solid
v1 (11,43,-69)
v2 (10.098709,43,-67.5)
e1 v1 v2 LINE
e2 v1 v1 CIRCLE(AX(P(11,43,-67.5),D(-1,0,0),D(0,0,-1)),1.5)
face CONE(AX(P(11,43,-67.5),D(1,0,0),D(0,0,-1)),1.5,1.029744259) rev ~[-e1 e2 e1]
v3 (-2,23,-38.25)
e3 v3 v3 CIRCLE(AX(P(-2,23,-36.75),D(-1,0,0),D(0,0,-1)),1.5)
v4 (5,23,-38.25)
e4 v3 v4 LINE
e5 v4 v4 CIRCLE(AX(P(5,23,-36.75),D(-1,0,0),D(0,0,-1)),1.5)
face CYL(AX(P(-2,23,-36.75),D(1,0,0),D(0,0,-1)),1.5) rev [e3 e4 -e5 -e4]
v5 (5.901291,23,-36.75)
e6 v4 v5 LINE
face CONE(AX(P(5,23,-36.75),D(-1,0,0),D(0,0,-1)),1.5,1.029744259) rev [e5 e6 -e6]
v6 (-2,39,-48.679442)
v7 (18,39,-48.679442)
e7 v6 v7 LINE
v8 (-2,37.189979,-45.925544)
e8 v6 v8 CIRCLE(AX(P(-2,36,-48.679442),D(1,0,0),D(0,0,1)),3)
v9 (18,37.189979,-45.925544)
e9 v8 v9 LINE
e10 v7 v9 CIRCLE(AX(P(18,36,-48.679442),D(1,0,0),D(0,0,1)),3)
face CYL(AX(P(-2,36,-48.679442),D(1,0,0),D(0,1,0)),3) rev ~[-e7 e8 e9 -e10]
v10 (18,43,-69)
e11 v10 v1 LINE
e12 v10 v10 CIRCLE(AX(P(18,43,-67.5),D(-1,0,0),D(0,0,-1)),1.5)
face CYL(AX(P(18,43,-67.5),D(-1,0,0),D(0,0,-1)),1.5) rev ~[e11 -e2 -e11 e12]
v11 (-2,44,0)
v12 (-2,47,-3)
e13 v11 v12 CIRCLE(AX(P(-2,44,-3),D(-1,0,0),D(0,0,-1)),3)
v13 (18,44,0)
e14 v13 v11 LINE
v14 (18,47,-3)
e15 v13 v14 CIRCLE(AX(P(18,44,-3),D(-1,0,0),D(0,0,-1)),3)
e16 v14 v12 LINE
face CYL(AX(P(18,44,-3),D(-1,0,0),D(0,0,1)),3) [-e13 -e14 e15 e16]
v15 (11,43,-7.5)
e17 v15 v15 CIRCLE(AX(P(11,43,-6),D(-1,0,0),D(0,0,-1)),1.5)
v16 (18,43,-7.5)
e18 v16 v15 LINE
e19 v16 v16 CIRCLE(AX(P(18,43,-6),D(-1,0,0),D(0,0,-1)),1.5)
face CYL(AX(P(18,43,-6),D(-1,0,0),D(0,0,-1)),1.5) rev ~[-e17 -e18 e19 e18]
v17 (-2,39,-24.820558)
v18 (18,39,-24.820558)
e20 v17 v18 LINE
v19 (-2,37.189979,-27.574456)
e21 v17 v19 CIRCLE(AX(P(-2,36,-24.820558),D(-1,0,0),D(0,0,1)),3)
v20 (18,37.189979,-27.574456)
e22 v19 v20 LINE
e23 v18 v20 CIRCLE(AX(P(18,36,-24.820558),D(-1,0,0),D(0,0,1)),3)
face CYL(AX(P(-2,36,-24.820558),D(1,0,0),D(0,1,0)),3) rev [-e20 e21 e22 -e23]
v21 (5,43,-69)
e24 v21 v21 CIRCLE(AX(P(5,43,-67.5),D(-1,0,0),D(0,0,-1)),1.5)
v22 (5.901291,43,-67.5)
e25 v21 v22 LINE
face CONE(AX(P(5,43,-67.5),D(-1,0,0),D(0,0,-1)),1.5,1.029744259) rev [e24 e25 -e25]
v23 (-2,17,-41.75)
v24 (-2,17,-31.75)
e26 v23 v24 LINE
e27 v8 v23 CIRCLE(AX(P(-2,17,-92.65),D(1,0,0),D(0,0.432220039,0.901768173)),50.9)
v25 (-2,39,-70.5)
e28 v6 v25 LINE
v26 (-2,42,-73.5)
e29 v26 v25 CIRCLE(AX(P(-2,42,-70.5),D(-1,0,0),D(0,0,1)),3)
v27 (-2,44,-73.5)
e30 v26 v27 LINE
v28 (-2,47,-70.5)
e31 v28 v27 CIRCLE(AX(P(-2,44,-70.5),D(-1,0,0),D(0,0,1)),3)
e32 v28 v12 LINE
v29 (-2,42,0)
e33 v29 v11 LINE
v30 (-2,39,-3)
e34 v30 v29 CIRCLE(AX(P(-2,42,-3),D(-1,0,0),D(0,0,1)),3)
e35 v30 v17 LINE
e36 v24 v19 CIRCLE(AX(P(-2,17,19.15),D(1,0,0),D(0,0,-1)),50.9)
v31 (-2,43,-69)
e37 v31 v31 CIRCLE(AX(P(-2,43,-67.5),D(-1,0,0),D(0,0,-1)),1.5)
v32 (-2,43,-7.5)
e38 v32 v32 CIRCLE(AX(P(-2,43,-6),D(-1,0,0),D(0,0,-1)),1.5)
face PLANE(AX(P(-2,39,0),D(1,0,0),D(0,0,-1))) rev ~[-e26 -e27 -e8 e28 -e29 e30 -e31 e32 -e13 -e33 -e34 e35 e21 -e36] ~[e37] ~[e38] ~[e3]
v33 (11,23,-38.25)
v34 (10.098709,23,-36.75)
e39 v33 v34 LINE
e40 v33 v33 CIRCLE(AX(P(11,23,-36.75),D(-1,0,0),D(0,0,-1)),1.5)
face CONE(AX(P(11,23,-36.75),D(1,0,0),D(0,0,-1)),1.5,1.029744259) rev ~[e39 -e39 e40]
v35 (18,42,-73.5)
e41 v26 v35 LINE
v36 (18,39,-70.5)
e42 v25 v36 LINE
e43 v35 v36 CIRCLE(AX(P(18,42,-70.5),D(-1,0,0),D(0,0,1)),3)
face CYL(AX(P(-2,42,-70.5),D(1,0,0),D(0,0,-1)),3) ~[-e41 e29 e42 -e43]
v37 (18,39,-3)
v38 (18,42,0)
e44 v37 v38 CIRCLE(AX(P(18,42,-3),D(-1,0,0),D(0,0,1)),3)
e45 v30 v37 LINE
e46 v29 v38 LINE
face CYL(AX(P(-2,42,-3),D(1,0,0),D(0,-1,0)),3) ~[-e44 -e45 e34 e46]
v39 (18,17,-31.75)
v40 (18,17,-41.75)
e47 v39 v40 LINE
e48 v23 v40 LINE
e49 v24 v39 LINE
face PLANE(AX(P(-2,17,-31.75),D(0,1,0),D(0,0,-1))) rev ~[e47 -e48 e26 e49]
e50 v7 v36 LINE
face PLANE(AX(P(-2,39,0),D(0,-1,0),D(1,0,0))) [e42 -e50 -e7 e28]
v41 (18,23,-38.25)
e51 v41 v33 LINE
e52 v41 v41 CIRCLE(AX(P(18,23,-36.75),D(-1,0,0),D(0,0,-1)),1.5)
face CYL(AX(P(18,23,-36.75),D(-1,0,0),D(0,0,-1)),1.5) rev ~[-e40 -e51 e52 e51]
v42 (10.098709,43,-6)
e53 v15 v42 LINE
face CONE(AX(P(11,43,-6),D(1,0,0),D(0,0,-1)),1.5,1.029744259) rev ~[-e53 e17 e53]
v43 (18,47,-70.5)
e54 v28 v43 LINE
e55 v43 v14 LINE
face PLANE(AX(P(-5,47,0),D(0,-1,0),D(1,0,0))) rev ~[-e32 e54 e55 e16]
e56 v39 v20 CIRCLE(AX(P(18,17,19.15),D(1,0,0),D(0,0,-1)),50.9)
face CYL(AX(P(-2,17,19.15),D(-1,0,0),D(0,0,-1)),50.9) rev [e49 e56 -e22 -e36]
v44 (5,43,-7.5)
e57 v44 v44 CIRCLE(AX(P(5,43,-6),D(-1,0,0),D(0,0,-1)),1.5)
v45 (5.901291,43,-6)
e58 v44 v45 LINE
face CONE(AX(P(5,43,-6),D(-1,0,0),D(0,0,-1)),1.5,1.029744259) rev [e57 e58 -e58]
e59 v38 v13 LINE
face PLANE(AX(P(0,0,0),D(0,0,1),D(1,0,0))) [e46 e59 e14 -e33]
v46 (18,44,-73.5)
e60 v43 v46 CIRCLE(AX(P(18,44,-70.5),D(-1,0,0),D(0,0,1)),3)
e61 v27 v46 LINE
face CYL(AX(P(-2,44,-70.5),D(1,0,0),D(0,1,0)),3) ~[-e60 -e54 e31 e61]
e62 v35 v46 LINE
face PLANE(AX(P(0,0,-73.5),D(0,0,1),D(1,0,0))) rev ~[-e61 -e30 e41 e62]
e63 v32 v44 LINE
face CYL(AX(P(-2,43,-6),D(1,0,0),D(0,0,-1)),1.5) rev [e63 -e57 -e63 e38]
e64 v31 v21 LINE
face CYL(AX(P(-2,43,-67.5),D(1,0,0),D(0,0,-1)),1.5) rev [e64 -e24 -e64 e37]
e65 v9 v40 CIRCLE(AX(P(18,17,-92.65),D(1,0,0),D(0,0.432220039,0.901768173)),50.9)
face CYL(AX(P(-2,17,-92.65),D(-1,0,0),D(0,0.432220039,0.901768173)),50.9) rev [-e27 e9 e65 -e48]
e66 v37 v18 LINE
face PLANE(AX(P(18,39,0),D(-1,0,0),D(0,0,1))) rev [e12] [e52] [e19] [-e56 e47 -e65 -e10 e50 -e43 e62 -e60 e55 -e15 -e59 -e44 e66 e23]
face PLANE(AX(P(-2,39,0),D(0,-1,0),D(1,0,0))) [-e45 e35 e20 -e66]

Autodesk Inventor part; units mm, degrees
ref_plane "YZ Plane" through (0, 0, 0) normal (1, 0, 0) x (0, 1, 0)
sketch "Sketch1" plane through (0, 0, 0) normal (0, 0, 1) x (1, 0, 0)
  line L0 (0, 0) -> (16, 0) construction
  line L1 (16, 0) -> (16, 8) construction
  line L2 (0, 8) -> (0, 0) construction
  line L3 (5.5, 10.5) -> (0, 10.5) construction
  line L4 (0, 10.5) -> (0, 8) construction
  line L5 (13.5, 10.5) -> (16, 10.5) construction
  line L6 (16, 10.5) -> (16, 8) construction
  line L7 (6.5, 37) -> (12.5, 37) construction
  line L8 (12.5, 37) -> (12.5, 8) construction
  line L9 (12.5, 8) -> (6.5, 8) construction
  line L10 (6.5, 8) -> (6.5, 37) construction
  line L11 (0.5, 34.5) -> (15.5, 34.5) construction
  line L12 (15.5, 34.5) -> (15.5, 10.5) construction
  line L13 (15.5, 10.5) -> (0.5, 10.5) construction
  line L14 (0.5, 10.5) -> (0.5, 34.5) construction
  line L15 (-2, 0) -> (-2, 39)
  line L16 (-2, 39) -> (18, 39)
  line L17 (8, -29.8106) -> (8, -55.1885) construction
  line L18 (-5, 47) -> (-5, 0)
  line L19 (-2, 0) -> (-5, 0)
  line L20 (-5, 47) -> (10, 47)
  line L21 (21, 47) -> (21, 0)
  line L22 (18, 0) -> (21, 0)
  line L23 (21, 47) -> (10, 47)
  line L24 (18, 0) -> (18, 39)
  line L25 (16.05, 25.6) -> (16.05, 19.4) construction
  line L26 (-0.05, 19.4) -> (-0.05, 25.6) construction
  line L27 (-0.05, 25.6) -> (0.5, 25.6) construction
  line L28 (16.05, 25.6) -> (15.5, 25.6) construction
  line L29 (16.05, 19.4) -> (15.5, 19.4) construction
  line L30 (-0.05, 19.4) -> (0.5, 19.4) construction
  line L31 (16.05, 22.5) -> (-0.05, 22.5) construction
  line L32 (0, 8) -> (16, 8) construction
  line L33 (5.5, 10.5) -> (5.5, 8) construction
  line L34 (13.5, 10.5) -> (13.5, 8) construction
  line L35 (5.5, 8) -> (13.5, 8) construction
  point P0 (6.5, 22.5)
  point P1 (0.5, 22.5)
  point P2 (9.5, 8)
  point P3 (8, 0)
  point P4 (8, 39)
  point P5 (8, -42.4996)
  point P6 (9.5, 8)
  point P7 (8, 22.5)
  dimension "d1" = 16
  dimension "d7" = 6
  dimension "d9" = 6
  dimension "d10" = 3
  dimension "d11" = 29
  dimension "d12" = 24
  dimension "d20" = 2
  dimension "thickness" = 3
  dimension "d23" = 8
  dimension "d31" = 22.5
  dimension "d40" = 24.5
  dimension "d41" = 39
  dimension "d60" = 6.2
  dimension "d62" = 16.1
  dimension "d63" = 8
  dimension "d64" = 8
  dimension "d65" = 1
  dimension "d66" = 2.5
  dimension "d97" = 2
extrude "LENGTH" add sketch "Sketch1" against normal blind 73.5
sketch "Sketch2" plane through (-5, 0, 0) normal (-1, 0, 0) x (0, 0, 1)
  circle A0 centre (-12, 22.5) radius 3
  circle A1 centre (-61.5, 22.5) radius 3
  line L0 (-73.5, 0) -> (-73.5, 47) construction
  line L1 (0, 47) -> (0, 0) construction
  dimension "d26" = 6
  dimension "d28" = 6
  dimension "d29" = 12
  dimension "d30" = 12
  dimension "d32" = 22.5
extrude "Extrusion2" cut sketch "Sketch2" against normal through all
ref_plane "Work Plane1" through (-5, 47, 0) normal (0.7071, 0.7071, 0) x (0, 0, -1)
ref_plane "CentrePlane" through (8, 0, 0) normal (1, 0, 0) x (0, 0, -1)
sketch "Measurements" plane through (-5, 0, 0) normal (-1, 0, 0) x (0, 0, 1)
  line L0 (-18.9044, 8) -> (-18.9044, 0) construction
  line L1 (0, 0) -> (0, 8) construction
  spline S0 degree 3 poles (-18.9044, 0) (-18.8729, 0.004) (-18.7747, 0.0145) (-18.6089, 0.0198) (-18.4076, 0.0173) (-18.2077, -0.0064) (-18.0095, -0.0413) (-17.7511, -0.1137) (-17.4304, -0.2111) (-17.1073, -0.2999) (-16.8501, -0.3765) (-16.6638, -0.4528) (-16.4821, -0.5394) (-16.3106, -0.6447) (-16.1439, -0.7575) (-15.9893, -0.8866) (-15.8435, -1.0251) (-15.7068, -1.1728) (-15.5834, -1.3319) (-15.4695, -1.4977) (-15.3662, -1.6705) (-15.2464, -1.9105) (-15.1208, -2.2219) (-15.0142, -2.6104) (-14.9462, -3.0072) (-14.9104, -3.408) (-14.9034, -3.8104) (-14.9258, -4.2123) (-14.9692, -4.6123) (-15.0344, -5.0094) (-15.0913, -5.2714) (-15.1198, -5.4024) knots -0.847201 -0.847201 -0.847201 -0.847201 -0.83705 -0.815587 -0.794126 -0.772659 -0.751201 -0.729734 -0.686802 -0.64387 -0.622403 -0.600945 -0.579478 -0.558017 -0.536554 -0.515088 -0.49363 -0.472163 -0.450698 -0.429238 -0.407769 -0.386302 -0.343394 -0.300476 -0.257562 -0.214646 -0.17172 -0.12879 -0.085861 -0.04293 0 0 0 0 construction
  spline S1 degree 3 poles (-4.5152, -5.4024) (-4.5336, -5.2605) (-4.5704, -4.9766) (-4.6037, -4.5484) (-4.6135, -4.119) (-4.6009, -3.6896) (-4.557, -3.2623) (-4.4825, -2.8392) (-4.3742, -2.4233) (-4.2256, -2.0199) (-4.0637, -1.7) (-3.9145, -1.4557) (-3.7891, -1.2813) (-3.6528, -1.1153) (-3.5072, -0.9573) (-3.3484, -0.8126) (-3.1807, -0.6785) (-3.0046, -0.5552) (-2.8172, -0.4504) (-2.6251, -0.3539) (-2.424, -0.2783) (-2.219, -0.214) (-1.9385, -0.1559) (-1.5868, -0.0908) (-1.2369, -0.0163) (-0.9555, 0.0373) (-0.7415, 0.0564) (-0.5268, 0.0635) (-0.3125, 0.0479) (-0.1366, 0.0272) (-0.0331, 0.0071) (0, 0) knots -1.373604 -1.373604 -1.373604 -1.373604 -1.330674 -1.287743 -1.244814 -1.201884 -1.158958 -1.116042 -1.073128 -1.03021 -0.987302 -0.965835 -0.944366 -0.922906 -0.901441 -0.879974 -0.858516 -0.83705 -0.815587 -0.794126 -0.772659 -0.751201 -0.729734 -0.686802 -0.64387 -0.622403 -0.600945 -0.579478 -0.558017 -0.536554 -0.526403 -0.526403 -0.526403 -0.526403 construction
  spline S2 degree 3 poles (-7.7374, -14.9236) (-7.6284, -14.7418) (-7.4104, -14.3783) (-7.0987, -13.824) (-6.7983, -13.2636) (-6.5111, -12.6963) (-6.2373, -12.1224) (-5.9778, -11.5419) (-5.7335, -10.9548) (-5.5053, -10.3613) (-5.2945, -9.7613) (-5.1024, -9.1551) (-4.9307, -8.5428) (-4.7815, -7.9246) (-4.6579, -7.3008) (-4.5633, -6.6718) (-4.516, -6.1439) (-4.4999, -5.72) (-4.5101, -5.5083) (-4.5152, -5.4024) knots -1.017256 -1.017256 -1.017256 -1.017256 -0.953675 -0.890094 -0.826513 -0.762932 -0.699351 -0.63577 -0.572189 -0.508609 -0.445029 -0.381449 -0.31787 -0.254291 -0.190714 -0.127139 -0.063568 -0.03178 0 0 0 0 construction
  arc A0 (-11.8976, -14.9236) -> (-7.7374, -14.9236) centre (-9.8175, 41.288) ccw construction
  spline S3 degree 3 poles (-15.1198, -5.4024) (-15.1249, -5.5083) (-15.1352, -5.72) (-15.119, -6.1439) (-15.0717, -6.6718) (-14.9771, -7.3008) (-14.8535, -7.9246) (-14.7043, -8.5428) (-14.5326, -9.1551) (-14.3405, -9.7613) (-14.1297, -10.3613) (-13.9015, -10.9548) (-13.6572, -11.5419) (-13.3977, -12.1224) (-13.1239, -12.6963) (-12.8366, -13.2636) (-12.5363, -13.824) (-12.2245, -14.3782) (-12.0065, -14.7418) (-11.8976, -14.9236) knots -1.017256 -1.017256 -1.017256 -1.017256 -0.985476 -0.953687 -0.890117 -0.826542 -0.762964 -0.699386 -0.635807 -0.572227 -0.508647 -0.445066 -0.381486 -0.317905 -0.254324 -0.190743 -0.127162 -0.063581 0 0 0 0 construction
  line L2 (-18.9044, 8) -> (0, 8) construction
  line L3 (0, 43) -> (0, 0) construction
  circle A1 centre (-9.8175, -59.712) radius 50 construction
  line L4 (0, 0) -> (-73.5, 0) projected
  circle A2 centre (-12, 22.5) radius 3 projected
  circle A3 centre (-61.5, 22.5) radius 3 projected
  circle A4 centre (-12, 22.5) radius 14.5
  circle A5 centre (-61.5, 22.5) radius 14.5
  point P0 (-9.8175, -14.962)
  dimension "d42" = 8
  dimension "d43" = 100
  dimension "d44" = 44.75
  dimension "d46" = 9.8175
  dimension "d47" = 14.962
  dimension "d49" = 59.712
  dimension "d67" = 29
  dimension "d68" = 29
sketch "Sketch5" plane through (-5, 0, 0) normal (-1, 0, 0) x (0, 0, 1)
  circle A0 centre (-36.75, -59.712) radius 50 construction
  line L0 (0, 0) -> (-73.5, 0) projected
  circle A1 centre (-36.75, -59.712) radius 5
  line L1 (-73.5, 0) -> (-48.8926, -64.355)
  arc A2 (-48.8926, -64.355) -> (-24.6074, -64.355) centre (-36.75, -59.712) ccw
  line L2 (-24.6074, -64.355) -> (0, 0)
  point P0 (-36.75, 0)
  dimension "d50" = 59.712
  dimension "d51" = 100
  dimension "bearingOD" = 10
  dimension "d53" = 8
extrude "Extrusion4" add sketch "Sketch5" against normal up to surface (3 mm away)
mirror "Mirror2" about plane through (8, 0, 0) normal (1, 0, 0) of "Extrusion4"
sketch "Sketch6" plane through (-2, 39, 0) normal (1, 0, 0) x (0, 0, -1)
  line L0 (0, 0) -> (73.5, 0) projected
  circle A0 centre (12, -16.5) radius 3 projected
  circle A1 centre (12, -16.5) radius 3 projected
  circle A2 centre (12, -16.5) radius 14.5 projected
  circle A3 centre (61.5, -16.5) radius 14.5 projected
  circle A4 centre (36.75, -98.712) radius 5 projected
  circle A5 centre (12, -16.5) radius 3 projected
  circle A6 centre (61.5, -16.5) radius 3 projected
  line L1 (0, 8) -> (0, -39) projected
  line L2 (0, 8) -> (73.5, 8) projected
  line L3 (73.5, -39) -> (73.5, 8) projected
  line L4 (73.5, -39) -> (48.8926, -103.355) projected
  arc A7 (24.6074, -103.355) -> (48.8926, -103.355) centre (36.75, -98.712) ccw projected
  line L5 (24.6074, -103.355) -> (0, -39) projected
  line L6 (31.75, -22) -> (41.75, -22)
  arc A8 (46.75, 0) -> (41.75, -22) centre (92.65, -22) ccw
  line L7 (36.75, -22) -> (36.75, 0)
  arc A9 (31.75, -22) -> (26.75, 0) centre (-19.15, -22) ccw
  line L8 (41.75, -22) -> (41.75, -11.9859) construction
  line L9 (36.75, 0) -> (46.75, 0) construction
  line L10 (-19.15, 23.5572) -> (92.65, 23.5572)
  line L11 (92.65, 23.5572) -> (92.65, -126.6469)
  line L12 (92.65, -126.6469) -> (-19.15, -126.6469)
  line L13 (-19.15, -126.6469) -> (-19.15, 23.5572)
  point P0 (26.75, 0)
  dimension "d70" = 30
  dimension "d72" = 10
  dimension "d74" = 10
extrude "Extrusion5" add sketch "Sketch6" along normal up to surface (20 mm away) contours L0 L7 L6 A9 | L0 A8 L6 L7
extrude "Extrusion6" cut sketch "Sketch6" against normal blind 10 contours L1 L2 L3 L0 | L0 A9 L6 A8 L3 A3 L4 A7 L5 L1 A2 | L0 L7 L6 A9 | L1 A2 | A2 L1 | L0 A8 L6 L7 | L3 A3 | A3 L3 | A0 | A4 | A6 | L10 L11 L12 L13
mirror "Mirror3" about plane through (8, 0, 0) normal (1, 0, 0) of "Extrusion6"
sketch "Sketch8" plane through (18, 39, -73.5) normal (1, 0, 0) x (0, 0, -1)
  circle A0 centre (-67.5, 4) radius 3.36
  circle A1 centre (-36.75, -16) radius 3.36
  line L0 (-73.5, 8) -> (0, 8) projected
  line L1 (-73.5, 0) -> (-73.5, 8) projected
  line L2 (-41.75, -22) -> (-31.75, -22) projected
  line L3 (-36.75, 21.8835) -> (-36.75, 39.4907)
  circle A2 centre (-6, 4) radius 3.36
  point P0 (-73.5, -39)
  point P1 (-36.75, 8)
  point P2 (-73.5, 4)
  point P3 (-36.75, 8)
  dimension "d79" = 6.72
  dimension "d80" = 6
  dimension "d81" = 6
hole "Hole1" at (18, 43, -6) at (18, 43, -67.5) at (18, 23, -36.75) direction (-1, 0, 0) diameter 3 depth 7 tip angle 118
thread "Thread1" size "M3x0.5" class "6H" standard "ANSI Metric M Profile" full length
thread "Thread2" size "M3x0.5" class "6H" standard "ANSI Metric M Profile" full length
thread "Thread3" size "M3x0.5" class "6H" standard "ANSI Metric M Profile" full length
mirror "Mirror4" about plane through (8, 0, 0) normal (1, 0, 0) of "Hole1"
fillet "Fillet3" radius 3 2 edges at (8, 39, -46.75) (8, 39, -26.75)
fillet "Fillet4" radius 3 4 edges at (8, 47, 0) (8, 47, -73.5) (8, 39, 0) (8, 39, -73.5)
equation "\"d23\" = d0"
equation "\"tol\" = 1"
equation "\"d0\" = 8"
properties part number "trolley6mm-centre"
